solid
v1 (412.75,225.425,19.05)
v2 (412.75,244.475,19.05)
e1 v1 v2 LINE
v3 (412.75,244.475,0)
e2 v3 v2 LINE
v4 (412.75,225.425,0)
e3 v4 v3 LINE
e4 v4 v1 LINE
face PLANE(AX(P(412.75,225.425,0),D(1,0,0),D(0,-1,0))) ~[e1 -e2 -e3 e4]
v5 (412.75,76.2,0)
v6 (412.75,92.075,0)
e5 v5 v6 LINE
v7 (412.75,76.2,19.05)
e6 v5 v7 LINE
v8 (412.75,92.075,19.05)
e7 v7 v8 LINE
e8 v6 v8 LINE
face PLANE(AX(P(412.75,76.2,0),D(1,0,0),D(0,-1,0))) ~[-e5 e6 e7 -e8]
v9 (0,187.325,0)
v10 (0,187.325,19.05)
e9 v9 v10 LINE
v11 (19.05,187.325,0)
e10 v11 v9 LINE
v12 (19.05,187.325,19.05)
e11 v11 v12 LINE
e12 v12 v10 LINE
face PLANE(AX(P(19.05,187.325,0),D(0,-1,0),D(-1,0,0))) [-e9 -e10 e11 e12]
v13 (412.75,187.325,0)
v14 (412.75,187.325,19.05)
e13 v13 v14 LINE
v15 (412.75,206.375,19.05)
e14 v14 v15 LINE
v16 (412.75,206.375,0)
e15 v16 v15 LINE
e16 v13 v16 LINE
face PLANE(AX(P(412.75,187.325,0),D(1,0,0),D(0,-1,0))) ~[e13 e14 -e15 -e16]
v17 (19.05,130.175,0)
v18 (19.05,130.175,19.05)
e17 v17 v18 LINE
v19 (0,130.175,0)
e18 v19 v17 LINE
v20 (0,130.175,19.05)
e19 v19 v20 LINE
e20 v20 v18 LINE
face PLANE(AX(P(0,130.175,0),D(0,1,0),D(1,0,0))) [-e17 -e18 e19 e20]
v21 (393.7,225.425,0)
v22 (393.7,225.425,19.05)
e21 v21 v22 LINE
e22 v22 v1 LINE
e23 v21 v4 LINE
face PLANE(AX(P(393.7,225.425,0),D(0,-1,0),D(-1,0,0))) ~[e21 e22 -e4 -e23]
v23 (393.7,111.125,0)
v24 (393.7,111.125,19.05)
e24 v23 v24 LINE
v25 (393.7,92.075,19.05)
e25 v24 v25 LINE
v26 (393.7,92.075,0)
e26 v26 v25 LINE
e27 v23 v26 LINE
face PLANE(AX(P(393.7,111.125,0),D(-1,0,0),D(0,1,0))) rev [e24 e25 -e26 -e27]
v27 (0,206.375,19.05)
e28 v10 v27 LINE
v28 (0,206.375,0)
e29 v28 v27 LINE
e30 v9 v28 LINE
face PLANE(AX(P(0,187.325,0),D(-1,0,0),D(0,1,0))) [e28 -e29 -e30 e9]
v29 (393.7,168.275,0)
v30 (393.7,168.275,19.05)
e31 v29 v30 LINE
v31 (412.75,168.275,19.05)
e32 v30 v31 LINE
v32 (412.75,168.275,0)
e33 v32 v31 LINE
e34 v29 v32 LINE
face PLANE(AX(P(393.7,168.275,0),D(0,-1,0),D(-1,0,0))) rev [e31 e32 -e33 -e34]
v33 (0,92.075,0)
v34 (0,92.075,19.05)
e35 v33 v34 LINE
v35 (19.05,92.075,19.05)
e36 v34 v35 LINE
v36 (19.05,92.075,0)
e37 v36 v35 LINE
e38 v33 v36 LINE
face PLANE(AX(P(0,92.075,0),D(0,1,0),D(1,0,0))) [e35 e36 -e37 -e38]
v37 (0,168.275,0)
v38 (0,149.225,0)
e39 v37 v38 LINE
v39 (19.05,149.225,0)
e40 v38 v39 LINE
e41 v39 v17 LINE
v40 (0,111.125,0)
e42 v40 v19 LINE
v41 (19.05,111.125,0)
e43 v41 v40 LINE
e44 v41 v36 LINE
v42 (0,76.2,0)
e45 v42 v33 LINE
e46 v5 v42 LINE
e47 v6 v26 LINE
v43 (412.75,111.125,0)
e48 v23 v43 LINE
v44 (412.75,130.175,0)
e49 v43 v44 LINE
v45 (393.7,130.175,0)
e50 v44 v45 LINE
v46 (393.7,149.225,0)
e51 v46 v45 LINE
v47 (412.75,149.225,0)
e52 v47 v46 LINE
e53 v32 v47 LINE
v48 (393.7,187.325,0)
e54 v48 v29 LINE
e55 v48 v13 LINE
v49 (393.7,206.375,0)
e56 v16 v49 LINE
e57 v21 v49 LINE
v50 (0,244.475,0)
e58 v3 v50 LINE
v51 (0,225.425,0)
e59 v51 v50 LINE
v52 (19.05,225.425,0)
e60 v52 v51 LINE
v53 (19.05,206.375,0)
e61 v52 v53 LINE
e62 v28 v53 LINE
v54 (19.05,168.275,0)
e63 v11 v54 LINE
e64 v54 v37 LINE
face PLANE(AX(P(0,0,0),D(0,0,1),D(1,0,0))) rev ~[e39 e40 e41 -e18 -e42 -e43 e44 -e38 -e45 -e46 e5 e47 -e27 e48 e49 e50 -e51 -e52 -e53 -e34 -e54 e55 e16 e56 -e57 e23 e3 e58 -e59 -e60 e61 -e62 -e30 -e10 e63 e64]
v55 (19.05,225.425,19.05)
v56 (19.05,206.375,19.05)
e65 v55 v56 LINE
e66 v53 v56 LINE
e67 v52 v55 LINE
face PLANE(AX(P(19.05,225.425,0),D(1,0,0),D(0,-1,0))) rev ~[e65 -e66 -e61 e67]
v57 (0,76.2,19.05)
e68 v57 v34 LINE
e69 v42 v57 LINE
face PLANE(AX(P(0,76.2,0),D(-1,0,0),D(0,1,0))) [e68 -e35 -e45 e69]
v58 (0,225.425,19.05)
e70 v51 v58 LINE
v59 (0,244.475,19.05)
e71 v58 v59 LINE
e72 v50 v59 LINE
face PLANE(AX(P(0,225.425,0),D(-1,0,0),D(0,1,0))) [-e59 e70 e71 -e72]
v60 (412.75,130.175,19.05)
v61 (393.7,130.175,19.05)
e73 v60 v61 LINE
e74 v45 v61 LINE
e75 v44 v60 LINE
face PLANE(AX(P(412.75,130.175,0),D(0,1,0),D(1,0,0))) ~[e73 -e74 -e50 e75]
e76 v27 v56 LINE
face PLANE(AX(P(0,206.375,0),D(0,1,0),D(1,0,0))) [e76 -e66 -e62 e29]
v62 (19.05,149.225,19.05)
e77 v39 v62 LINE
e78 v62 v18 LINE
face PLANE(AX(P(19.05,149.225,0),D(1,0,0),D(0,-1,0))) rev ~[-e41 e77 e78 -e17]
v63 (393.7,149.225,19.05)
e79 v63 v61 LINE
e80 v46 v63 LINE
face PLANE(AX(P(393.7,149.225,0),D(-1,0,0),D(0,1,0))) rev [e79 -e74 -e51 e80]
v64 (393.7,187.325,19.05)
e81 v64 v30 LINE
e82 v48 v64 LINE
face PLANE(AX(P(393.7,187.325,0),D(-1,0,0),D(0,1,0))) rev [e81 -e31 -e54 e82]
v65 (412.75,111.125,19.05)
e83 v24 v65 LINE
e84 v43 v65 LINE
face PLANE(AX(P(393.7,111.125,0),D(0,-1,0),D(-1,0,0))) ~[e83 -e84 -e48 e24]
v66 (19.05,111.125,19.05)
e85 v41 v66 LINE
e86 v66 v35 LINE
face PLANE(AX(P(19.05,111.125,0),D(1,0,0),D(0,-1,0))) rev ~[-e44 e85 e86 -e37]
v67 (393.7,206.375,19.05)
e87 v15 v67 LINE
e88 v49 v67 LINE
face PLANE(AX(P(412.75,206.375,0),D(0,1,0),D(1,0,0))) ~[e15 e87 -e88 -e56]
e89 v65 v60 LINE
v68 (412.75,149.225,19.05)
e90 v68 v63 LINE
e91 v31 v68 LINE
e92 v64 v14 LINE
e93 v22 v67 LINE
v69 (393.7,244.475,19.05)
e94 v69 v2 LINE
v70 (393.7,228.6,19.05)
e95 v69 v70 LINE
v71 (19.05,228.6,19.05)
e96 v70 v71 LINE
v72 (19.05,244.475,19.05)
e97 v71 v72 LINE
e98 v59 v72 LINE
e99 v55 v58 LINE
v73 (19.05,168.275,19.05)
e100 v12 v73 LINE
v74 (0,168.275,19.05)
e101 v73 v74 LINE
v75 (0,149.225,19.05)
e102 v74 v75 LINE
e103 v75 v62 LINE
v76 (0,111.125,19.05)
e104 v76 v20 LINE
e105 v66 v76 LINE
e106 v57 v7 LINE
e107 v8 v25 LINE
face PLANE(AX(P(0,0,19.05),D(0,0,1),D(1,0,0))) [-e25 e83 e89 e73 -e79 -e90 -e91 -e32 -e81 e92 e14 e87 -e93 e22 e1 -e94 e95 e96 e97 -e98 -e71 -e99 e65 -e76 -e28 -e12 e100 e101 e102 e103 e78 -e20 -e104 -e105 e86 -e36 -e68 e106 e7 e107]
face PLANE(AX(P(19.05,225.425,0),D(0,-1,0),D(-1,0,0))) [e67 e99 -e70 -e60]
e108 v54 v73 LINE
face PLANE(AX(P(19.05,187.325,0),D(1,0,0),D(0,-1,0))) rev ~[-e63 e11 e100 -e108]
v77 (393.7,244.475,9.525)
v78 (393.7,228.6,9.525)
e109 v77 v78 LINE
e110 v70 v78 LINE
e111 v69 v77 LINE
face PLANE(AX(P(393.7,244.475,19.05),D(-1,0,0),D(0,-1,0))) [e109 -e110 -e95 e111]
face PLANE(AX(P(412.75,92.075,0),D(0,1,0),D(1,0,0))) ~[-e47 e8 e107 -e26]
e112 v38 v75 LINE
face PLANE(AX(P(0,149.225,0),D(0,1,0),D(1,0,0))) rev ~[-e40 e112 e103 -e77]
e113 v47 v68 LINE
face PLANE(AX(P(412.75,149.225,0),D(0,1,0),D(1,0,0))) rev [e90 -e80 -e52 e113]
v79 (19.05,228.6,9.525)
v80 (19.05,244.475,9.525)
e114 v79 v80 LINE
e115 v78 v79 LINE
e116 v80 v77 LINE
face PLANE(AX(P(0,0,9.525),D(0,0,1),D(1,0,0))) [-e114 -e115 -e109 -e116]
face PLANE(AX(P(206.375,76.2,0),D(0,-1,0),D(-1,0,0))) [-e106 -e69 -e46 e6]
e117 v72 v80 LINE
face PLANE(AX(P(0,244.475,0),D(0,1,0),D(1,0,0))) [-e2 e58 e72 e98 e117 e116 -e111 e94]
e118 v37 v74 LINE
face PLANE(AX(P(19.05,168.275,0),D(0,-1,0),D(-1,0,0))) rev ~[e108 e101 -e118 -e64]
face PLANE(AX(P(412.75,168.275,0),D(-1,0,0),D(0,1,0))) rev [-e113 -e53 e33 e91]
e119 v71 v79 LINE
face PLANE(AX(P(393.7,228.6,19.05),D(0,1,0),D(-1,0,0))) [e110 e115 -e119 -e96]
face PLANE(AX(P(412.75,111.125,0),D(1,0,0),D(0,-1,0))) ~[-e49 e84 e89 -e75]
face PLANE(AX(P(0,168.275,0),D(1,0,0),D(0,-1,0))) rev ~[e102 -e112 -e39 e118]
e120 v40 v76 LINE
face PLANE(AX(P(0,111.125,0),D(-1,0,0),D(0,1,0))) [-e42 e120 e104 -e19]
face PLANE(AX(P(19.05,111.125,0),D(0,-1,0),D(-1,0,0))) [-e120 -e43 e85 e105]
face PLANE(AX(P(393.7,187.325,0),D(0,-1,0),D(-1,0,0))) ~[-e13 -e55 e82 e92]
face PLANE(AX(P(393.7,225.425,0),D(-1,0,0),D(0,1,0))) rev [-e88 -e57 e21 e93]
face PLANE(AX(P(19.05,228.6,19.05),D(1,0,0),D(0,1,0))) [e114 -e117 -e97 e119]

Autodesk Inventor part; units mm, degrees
ref_plane "YZ Plane" through (0, 0, 0) normal (1, 0, 0) x (0, 1, 0)
ref_plane "XZ Plane" through (0, 0, 0) normal (0, 1, 0) x (-1, 0, 0)
ref_plane "XY Plane" through (0, 0, 0) normal (0, 0, 1) x (1, 0, 0)
sketch "Sketch1" plane through (0, 0, 0) normal (0, 0, 1) x (1, 0, 0)
  line L0 (0, 244.475) -> (19.05, 244.475)
  line L1 (19.05, 244.475) -> (19.05, 225.425)
  line L2 (19.05, 225.425) -> (0, 225.425)
  line L3 (0, 225.425) -> (0, 244.475)
  line L4 (19.05, 168.275) -> (0, 168.275)
  line L5 (0, 168.275) -> (0, 149.225)
  line L6 (0, 149.225) -> (19.05, 149.225)
  line L7 (19.05, 149.225) -> (19.05, 168.275)
  line L8 (0, 130.175) -> (19.05, 130.175)
  line L9 (19.05, 130.175) -> (19.05, 111.125)
  line L10 (19.05, 111.125) -> (0, 111.125)
  line L11 (0, 111.125) -> (0, 130.175)
  line L12 (0, 206.375) -> (19.05, 206.375)
  line L13 (19.05, 206.375) -> (19.05, 187.325)
  line L14 (19.05, 187.325) -> (0, 187.325)
  line L15 (0, 187.325) -> (0, 206.375)
  line L16 (0, 92.075) -> (19.05, 92.075)
  line L17 (19.05, 92.075) -> (19.05, 73.025)
  line L18 (19.05, 73.025) -> (0, 73.025)
  line L19 (0, 73.025) -> (0, 92.075)
  line L20 (0, 53.975) -> (19.05, 53.975)
  line L21 (19.05, 53.975) -> (19.05, 34.925)
  line L22 (19.05, 34.925) -> (0, 34.925)
  line L23 (0, 34.925) -> (0, 53.975)
  line L24 (0, 15.875) -> (19.05, 15.875)
  line L25 (19.05, 15.875) -> (19.05, -3.175)
  line L26 (19.05, -3.175) -> (0, -3.175)
  line L27 (0, -3.175) -> (0, 15.875)
  line L28 (0, 244.475) -> (206.375, 244.475)
  line L29 (206.375, 244.475) -> (206.375, 76.2)
  line L30 (206.375, 76.2) -> (0, 76.2)
  line L31 (19.05, 244.475) -> (19.05, 76.2)
  line L32 (206.375, 244.475) -> (19.05, 244.475)
  line L33 (19.05, 244.475) -> (19.05, 76.2)
  line L34 (19.05, 76.2) -> (206.375, 76.2)
  line L35 (206.375, 76.2) -> (206.375, 244.475)
  line L36 (0, 92.075) -> (19.05, 92.075)
  line L37 (19.05, 92.075) -> (19.05, 76.2)
  line L38 (19.05, 76.2) -> (0, 76.2)
  line L39 (0, 76.2) -> (0, 92.075)
  dimension "d0" = 19.05
  dimension "d1" = 19.05
  dimension "d3" = 19.05
  dimension "d4" = 19.05
  dimension "d5" = 19.05
  dimension "d6" = 19.05
  dimension "d7" = 19.05
  dimension "d8" = 19.05
  dimension "d9" = 19.05
  dimension "d10" = 19.05
  dimension "d11" = 19.05
  dimension "d12" = 19.05
  dimension "d13" = 19.05
  dimension "d14" = 19.05
  dimension "d15" = 19.05
  dimension "d16" = 19.05
  dimension "d17" = 19.05
  dimension "d18" = 19.05
  dimension "d19" = 19.05
  dimension "d21" = 206.375
  dimension "d22" = 168.275
  dimension "d23" = 206.375
extrude "Extrusion3" add sketch "Sketch1" along normal blind 19.05 contours L0 L1 L2 L3 | L28 L29 L30 L17 L31 L9 L7 L13 L1 | L13 L14 L15 L12 | L30 L19 L16 L17 | L7 L6 L5 L4 | L10 L11 L8 L9
mirror "Mirror2" about plane through (206.375, 76.2, 0) normal (1, 0, 0) of "Extrusion3"
sketch "Sketch3" plane through (0, 0, 19.05) normal (0, 0, 1) x (1, 0, 0)
  line L0 (0, 244.475) -> (412.75, 244.475) projected
  line L1 (19.05, 244.475) -> (393.7, 244.475)
  line L2 (393.7, 244.475) -> (393.7, 228.6)
  line L3 (393.7, 228.6) -> (19.05, 228.6)
  line L4 (19.05, 228.6) -> (19.05, 244.475)
  point P0 (0, 0)
  dimension "d33" = 15.875
extrude "Extrusion4" cut sketch "Sketch3" against normal blind 9.525
properties part number "deep_end" material "Wood (Birch)"
